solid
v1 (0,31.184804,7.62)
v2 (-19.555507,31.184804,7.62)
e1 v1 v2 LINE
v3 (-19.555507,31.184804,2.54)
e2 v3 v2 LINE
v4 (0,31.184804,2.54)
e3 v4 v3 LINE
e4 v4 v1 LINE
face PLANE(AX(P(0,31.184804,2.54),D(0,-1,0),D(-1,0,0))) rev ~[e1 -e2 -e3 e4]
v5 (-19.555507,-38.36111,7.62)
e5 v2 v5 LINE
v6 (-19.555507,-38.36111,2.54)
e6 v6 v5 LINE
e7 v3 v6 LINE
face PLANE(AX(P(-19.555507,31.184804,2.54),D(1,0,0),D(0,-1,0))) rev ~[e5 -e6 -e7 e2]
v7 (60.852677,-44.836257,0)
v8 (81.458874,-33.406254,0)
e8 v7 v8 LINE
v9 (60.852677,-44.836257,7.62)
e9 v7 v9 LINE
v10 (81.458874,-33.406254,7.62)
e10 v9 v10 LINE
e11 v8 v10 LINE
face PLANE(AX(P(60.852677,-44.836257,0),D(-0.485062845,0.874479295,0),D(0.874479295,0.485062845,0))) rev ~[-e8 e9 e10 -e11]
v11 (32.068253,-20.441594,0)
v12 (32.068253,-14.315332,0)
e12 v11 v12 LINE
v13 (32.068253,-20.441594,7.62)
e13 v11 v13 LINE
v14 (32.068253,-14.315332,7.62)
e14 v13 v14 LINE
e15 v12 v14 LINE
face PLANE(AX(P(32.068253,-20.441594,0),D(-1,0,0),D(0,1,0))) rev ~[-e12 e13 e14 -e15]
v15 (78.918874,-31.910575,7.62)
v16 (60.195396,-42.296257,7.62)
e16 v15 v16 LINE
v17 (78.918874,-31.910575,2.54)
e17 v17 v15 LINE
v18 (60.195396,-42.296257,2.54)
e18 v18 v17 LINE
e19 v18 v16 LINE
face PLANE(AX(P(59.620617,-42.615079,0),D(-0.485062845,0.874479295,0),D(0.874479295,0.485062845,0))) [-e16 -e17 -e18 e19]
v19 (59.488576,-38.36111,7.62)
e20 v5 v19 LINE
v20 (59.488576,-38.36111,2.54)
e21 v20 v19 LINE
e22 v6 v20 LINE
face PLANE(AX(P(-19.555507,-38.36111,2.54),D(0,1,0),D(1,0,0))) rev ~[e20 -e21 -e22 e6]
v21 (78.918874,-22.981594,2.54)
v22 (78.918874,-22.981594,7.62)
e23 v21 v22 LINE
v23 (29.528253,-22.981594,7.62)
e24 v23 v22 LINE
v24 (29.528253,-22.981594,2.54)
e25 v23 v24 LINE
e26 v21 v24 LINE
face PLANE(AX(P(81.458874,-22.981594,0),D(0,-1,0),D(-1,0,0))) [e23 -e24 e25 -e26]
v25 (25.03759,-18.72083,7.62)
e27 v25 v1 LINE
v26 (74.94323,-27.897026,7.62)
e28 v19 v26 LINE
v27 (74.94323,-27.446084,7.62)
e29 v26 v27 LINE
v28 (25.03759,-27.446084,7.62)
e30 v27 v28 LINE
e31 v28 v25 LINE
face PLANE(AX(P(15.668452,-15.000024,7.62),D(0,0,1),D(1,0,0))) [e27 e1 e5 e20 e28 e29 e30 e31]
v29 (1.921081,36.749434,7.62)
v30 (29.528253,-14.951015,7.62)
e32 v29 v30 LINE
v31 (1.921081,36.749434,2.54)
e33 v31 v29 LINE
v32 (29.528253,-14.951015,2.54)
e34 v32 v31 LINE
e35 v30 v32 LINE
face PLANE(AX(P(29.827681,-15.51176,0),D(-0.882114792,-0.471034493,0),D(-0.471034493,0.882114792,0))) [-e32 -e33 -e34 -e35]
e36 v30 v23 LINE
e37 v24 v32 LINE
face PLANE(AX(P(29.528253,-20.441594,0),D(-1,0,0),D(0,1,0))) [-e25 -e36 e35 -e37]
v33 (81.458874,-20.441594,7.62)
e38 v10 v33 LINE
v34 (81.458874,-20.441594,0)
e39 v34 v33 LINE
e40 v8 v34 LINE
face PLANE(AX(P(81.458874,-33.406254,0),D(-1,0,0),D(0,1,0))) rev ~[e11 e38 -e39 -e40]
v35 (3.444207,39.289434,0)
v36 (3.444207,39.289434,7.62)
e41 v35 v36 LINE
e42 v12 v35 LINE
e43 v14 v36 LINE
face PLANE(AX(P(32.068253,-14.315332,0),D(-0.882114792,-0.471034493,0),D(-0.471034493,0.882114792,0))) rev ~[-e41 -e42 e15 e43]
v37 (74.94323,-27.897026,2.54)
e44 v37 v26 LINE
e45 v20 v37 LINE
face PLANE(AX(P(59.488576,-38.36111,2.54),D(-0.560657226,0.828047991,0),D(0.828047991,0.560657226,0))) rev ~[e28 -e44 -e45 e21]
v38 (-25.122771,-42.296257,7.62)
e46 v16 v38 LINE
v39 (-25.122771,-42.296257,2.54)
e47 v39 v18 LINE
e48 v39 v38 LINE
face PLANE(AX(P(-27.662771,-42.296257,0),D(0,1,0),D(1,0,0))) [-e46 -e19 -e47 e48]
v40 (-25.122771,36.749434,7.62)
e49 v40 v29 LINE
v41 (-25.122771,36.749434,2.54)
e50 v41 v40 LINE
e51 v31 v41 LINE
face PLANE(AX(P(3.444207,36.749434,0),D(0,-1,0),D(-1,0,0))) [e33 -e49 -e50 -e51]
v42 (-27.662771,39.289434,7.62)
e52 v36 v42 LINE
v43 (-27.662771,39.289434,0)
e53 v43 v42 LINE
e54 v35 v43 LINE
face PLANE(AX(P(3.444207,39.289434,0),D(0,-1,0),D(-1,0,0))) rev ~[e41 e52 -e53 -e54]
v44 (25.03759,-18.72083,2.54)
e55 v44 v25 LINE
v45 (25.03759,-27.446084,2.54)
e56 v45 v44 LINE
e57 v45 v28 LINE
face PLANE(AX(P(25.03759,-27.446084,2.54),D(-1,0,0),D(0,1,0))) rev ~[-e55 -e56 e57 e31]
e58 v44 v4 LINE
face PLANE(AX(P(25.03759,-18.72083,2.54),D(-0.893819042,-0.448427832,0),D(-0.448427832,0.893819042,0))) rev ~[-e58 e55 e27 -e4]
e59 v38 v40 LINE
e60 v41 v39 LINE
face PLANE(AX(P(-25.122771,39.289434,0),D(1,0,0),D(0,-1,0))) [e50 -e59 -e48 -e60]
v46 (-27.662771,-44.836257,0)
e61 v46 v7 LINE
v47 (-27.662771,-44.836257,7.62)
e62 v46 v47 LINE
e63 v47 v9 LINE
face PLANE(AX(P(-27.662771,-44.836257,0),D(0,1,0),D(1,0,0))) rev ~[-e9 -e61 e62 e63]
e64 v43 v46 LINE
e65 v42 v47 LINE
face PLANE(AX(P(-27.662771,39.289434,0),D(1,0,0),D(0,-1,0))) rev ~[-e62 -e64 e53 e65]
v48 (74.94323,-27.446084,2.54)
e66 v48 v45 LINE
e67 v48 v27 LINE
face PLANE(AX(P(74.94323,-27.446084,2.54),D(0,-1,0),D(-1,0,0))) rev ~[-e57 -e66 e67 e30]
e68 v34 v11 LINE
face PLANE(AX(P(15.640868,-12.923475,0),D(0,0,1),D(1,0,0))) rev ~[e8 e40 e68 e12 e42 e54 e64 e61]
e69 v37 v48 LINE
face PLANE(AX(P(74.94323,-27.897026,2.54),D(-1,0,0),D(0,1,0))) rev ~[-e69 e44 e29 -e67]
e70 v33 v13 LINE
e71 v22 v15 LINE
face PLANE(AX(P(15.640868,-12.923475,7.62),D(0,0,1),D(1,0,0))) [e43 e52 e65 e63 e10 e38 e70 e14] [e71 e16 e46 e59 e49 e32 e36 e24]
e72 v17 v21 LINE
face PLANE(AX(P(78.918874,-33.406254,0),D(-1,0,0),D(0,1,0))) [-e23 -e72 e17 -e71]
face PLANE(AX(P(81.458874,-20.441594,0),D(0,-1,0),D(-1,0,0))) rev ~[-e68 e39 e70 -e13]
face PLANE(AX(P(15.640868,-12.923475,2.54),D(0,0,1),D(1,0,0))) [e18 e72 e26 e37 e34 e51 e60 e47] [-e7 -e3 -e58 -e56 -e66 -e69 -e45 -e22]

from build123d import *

# Parameters (mm, degrees)
F1_DEPTH = 7.62
F2_T     = -2.54
F4_DEPTH = 5.08


with BuildPart() as f1:
    # F0 (on Top) → F1 (new body)
    with BuildSketch(Plane.XY):
        Polygon((32.0682525635, -14.3153322861), (3.4442073984, 39.2894335091), (-27.6627708226, 39.2894335091), (-27.6627708226, -44.8362566531), (60.85267663, -44.8362566531), (81.4588740468, -33.4062539041), (81.4588740468, -20.4415936023), (32.0682525635, -20.4415936023), align=None)
    extrude(amount=F1_DEPTH)

    # F2
    f2_openings = [f1.faces().sort_by_distance(p)[0] for p in [
        (9.989967, -12.135941, 7.62),
    ]]
    offset(amount=F2_T, openings=f2_openings, kind=Kind.INTERSECTION)

    # F3 (on face) → F4 (join)
    with BuildSketch(Plane.XY.offset(2.54)):
        Polygon((25.0375904143, -18.7208298594), (0, 31.1848036945), (-19.5555072278, 31.1848036945), (-19.5555072278, -38.3611097932), (59.4885759056, -38.3611097932), (74.9432295561, -27.8970263898), (74.9432295561, -27.4460842204), (25.0375904143, -27.4460842204), align=None)
    extrude(amount=F4_DEPTH)


solid = f1.part
